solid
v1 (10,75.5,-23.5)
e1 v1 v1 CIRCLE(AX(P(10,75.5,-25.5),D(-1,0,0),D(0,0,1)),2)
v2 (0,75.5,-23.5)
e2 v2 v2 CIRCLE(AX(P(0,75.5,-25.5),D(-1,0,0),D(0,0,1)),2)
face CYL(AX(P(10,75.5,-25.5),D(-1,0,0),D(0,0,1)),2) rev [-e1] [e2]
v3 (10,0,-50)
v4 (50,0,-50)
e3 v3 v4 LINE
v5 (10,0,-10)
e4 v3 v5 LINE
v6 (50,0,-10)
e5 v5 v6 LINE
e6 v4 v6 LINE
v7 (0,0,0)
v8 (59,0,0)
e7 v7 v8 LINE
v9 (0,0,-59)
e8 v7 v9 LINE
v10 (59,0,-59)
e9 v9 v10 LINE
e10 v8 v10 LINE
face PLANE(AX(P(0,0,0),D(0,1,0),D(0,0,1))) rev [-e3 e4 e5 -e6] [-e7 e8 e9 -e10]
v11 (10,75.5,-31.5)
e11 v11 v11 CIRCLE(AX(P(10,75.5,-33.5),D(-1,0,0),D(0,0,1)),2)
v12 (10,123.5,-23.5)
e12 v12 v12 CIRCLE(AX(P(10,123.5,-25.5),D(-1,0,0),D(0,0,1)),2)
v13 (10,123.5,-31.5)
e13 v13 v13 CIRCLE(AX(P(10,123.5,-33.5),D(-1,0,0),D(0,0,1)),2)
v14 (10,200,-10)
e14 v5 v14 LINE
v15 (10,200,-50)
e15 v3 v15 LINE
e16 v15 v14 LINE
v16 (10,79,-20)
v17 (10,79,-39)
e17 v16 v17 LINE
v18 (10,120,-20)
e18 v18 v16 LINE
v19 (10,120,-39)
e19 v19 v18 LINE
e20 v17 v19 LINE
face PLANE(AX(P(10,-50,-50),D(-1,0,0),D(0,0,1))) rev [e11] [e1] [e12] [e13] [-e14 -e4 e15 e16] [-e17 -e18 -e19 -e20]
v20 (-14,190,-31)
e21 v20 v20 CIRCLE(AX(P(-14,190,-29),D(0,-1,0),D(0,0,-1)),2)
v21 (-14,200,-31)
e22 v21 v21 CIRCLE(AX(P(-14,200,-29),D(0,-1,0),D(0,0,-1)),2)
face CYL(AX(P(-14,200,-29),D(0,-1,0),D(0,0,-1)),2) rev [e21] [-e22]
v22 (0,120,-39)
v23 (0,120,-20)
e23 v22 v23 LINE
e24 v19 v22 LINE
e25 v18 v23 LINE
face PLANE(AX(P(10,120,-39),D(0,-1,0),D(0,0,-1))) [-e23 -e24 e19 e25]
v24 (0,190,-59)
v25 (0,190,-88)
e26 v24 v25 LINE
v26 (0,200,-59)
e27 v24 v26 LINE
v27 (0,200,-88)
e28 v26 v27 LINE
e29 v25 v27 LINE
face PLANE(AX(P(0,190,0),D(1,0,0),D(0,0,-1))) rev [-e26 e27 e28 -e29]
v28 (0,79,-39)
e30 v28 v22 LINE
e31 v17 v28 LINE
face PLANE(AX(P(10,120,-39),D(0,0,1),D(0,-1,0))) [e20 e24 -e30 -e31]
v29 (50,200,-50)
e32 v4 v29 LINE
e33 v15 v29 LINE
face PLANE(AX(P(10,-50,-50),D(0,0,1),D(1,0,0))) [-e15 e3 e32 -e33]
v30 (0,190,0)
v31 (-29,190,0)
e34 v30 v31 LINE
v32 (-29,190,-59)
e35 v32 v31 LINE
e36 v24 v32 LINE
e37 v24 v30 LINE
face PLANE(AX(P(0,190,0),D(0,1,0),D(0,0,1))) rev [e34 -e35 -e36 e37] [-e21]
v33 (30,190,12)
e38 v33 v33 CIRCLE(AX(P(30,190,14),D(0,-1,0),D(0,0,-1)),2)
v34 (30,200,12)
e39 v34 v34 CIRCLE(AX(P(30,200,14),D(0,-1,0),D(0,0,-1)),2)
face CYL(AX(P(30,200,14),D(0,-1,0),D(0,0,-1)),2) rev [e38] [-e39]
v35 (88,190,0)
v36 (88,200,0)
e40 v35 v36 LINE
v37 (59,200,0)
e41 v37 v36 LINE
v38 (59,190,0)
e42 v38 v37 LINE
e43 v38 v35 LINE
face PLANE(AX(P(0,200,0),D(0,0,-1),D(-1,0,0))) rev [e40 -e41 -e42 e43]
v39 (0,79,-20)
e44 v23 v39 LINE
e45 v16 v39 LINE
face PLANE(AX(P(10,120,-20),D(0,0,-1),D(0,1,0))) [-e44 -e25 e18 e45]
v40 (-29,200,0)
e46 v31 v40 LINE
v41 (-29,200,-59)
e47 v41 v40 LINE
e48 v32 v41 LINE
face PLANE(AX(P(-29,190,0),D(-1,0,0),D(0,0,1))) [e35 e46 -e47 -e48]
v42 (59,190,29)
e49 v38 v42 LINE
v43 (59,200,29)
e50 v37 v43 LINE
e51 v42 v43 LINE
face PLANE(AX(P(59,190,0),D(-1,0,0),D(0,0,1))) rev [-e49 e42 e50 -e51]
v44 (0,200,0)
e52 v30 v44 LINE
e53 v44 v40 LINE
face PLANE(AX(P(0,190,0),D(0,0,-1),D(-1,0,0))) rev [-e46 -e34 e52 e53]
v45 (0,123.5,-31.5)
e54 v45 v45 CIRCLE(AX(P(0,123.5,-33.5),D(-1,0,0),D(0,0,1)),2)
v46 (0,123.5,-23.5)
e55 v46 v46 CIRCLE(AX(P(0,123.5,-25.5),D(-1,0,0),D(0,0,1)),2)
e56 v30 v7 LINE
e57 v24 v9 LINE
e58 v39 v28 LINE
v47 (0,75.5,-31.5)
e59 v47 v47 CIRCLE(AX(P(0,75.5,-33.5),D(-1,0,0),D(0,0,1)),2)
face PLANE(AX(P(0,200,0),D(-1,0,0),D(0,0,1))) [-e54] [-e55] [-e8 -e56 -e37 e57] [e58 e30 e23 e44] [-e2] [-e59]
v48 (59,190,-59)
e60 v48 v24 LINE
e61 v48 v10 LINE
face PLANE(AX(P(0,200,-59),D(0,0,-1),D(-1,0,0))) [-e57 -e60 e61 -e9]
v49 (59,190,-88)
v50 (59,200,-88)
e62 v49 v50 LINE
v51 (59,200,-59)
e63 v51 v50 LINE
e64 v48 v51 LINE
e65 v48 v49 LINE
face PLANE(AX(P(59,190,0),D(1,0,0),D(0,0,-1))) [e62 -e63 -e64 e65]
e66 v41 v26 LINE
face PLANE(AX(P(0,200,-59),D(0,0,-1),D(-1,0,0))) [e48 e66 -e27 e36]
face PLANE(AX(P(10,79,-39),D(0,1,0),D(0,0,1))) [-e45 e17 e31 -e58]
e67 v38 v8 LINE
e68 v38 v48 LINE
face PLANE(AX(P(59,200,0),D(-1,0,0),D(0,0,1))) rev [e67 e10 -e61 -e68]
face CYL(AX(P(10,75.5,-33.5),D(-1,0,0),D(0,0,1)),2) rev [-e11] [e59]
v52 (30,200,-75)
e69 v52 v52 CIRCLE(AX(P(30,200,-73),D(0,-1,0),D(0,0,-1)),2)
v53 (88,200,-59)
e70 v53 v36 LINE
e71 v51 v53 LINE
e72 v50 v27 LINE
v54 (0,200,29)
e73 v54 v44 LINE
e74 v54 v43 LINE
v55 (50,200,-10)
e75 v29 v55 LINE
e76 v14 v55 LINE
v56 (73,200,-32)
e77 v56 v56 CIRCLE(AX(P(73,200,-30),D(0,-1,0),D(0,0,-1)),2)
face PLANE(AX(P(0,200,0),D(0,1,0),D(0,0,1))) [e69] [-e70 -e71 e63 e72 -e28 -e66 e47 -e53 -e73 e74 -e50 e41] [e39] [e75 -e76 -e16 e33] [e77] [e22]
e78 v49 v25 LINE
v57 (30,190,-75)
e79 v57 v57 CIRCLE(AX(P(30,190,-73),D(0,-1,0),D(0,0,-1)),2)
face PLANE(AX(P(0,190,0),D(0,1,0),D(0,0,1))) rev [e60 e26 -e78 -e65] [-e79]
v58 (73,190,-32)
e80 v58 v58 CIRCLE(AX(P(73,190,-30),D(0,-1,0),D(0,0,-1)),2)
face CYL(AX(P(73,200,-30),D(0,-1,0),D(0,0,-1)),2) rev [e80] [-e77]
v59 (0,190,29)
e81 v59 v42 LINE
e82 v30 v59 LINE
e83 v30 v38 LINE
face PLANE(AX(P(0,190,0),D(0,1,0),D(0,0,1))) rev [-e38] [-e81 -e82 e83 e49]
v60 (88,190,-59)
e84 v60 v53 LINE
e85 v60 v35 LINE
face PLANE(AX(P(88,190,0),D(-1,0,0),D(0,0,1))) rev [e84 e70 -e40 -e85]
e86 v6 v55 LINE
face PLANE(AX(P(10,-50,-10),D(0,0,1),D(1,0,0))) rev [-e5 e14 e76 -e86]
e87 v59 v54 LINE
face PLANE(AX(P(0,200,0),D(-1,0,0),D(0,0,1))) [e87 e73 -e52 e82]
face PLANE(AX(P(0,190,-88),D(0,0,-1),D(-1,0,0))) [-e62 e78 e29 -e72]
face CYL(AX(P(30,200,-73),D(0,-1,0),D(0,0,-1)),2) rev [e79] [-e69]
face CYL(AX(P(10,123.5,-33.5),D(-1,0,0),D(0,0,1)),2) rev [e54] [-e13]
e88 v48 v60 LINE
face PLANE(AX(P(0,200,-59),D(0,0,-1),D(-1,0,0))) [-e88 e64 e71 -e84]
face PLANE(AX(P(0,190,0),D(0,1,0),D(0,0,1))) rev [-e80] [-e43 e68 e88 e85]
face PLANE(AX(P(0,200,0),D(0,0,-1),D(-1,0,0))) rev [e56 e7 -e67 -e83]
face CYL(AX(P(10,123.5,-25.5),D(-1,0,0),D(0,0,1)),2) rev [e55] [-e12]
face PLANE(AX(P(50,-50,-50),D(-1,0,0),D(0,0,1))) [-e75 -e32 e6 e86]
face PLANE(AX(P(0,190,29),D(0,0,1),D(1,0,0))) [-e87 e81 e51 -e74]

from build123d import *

# Parameters (mm, degrees)
ESQUISSE1_W             = 59
ESQUISSE1_H             = 59
BOSS_EXTRU_1_DEPTH      = 200
ESQUISSE2_W             = 40
ESQUISSE2_H             = 40
ENL_V_MAT_EXTRU_1_DEPTH = 250
ESQUISSE3_W             = 19
ESQUISSE3_H             = 41
ENL_V_MAT_EXTRU_7_DEPTH = 10
ESQUISSE6_R             = 2
ENL_V_MAT_EXTRU_8_DEPTH = 10
ESQUISSE14_W            = 29
ESQUISSE14_H            = 59
ESQUISSE14_W_2          = 59
ESQUISSE14_H_2          = 29
BOSS_EXTRU_3_DEPTH      = 10
ESQUISSE17_R            = 2
ENL_V_MAT_EXTRU_9_DEPTH = 10


with BuildPart() as part:
    # Esquisse1 → Boss.-Extru.1 (new body)
    with BuildSketch(Plane(origin=(0, 0, 0), x_dir=(1, 0, 0), z_dir=(0, 1, 0))):
        with Locations((29.5, 29.5)):
            Rectangle(ESQUISSE1_W, ESQUISSE1_H)
    extrude(amount=BOSS_EXTRU_1_DEPTH)

    # Esquisse2 → Enlèv. mat.-Extru.1 (cut)
    with BuildSketch(Plane(origin=(0, 200, 0), x_dir=(1, 0, 0), z_dir=(0, 1, 0))):
        with Locations((30, 30)):
            Rectangle(ESQUISSE2_W, ESQUISSE2_H)
    extrude(amount=-ENL_V_MAT_EXTRU_1_DEPTH, mode=Mode.SUBTRACT)

    # Esquisse3 → Enlèv. mat.-Extru.7 (cut)
    with BuildSketch(Plane(origin=(0, 0, 0), x_dir=(0, 0, -1), z_dir=(1, 0, 0))):
        with Locations((29.5, 99.5)):
            Rectangle(ESQUISSE3_W, ESQUISSE3_H)
    extrude(amount=ENL_V_MAT_EXTRU_7_DEPTH, mode=Mode.SUBTRACT)

    # Esquisse6 → Enlèv. mat.-Extru.8 (cut)
    with BuildSketch(Plane.ZY):
        with Locations((-33.5, 123.5)):
            Circle(ESQUISSE6_R)
        with Locations((-25.5, 123.5)):
            Circle(ESQUISSE6_R)
        with Locations((-33.5, 75.5)):
            Circle(ESQUISSE6_R)
        with Locations((-25.5, 75.5)):
            Circle(ESQUISSE6_R)
    extrude(amount=-ENL_V_MAT_EXTRU_8_DEPTH, mode=Mode.SUBTRACT)

    # Esquisse14 → Boss.-Extru.3 (add)
    with BuildSketch(Plane(origin=(0, 200, 0), x_dir=(1, 0, 0), z_dir=(0, 1, 0))):
        with Locations((73.5, 29.5)):
            Rectangle(ESQUISSE14_W, ESQUISSE14_H)
        with Locations((29.5, -14.5)):
            Rectangle(ESQUISSE14_W_2, ESQUISSE14_H_2)
        with Locations((-14.5, 29.5)):
            Rectangle(ESQUISSE14_W, ESQUISSE14_H)
        with Locations((29.5, 73.5)):
            Rectangle(ESQUISSE14_W_2, ESQUISSE14_H_2)
    extrude(amount=-BOSS_EXTRU_3_DEPTH)

    # Esquisse17 → Enlèv. mat.-Extru.9 (cut)
    with BuildSketch(Plane(origin=(0, 190, 0), x_dir=(-1, 0, 0), z_dir=(0, -1, 0))):
        with Locations(Location((-73, 30, 0), (0, 0, 90))):
            Circle(ESQUISSE17_R)
        with Locations(Location((-30, -14, 0), (0, 0, 90))):
            Circle(ESQUISSE17_R)
        with Locations(Location((14, 29, 0), (0, 0, 90))):
            Circle(ESQUISSE17_R)
        with Locations(Location((-30, 73, 0), (0, 0, 90))):
            Circle(ESQUISSE17_R)
    extrude(amount=-ENL_V_MAT_EXTRU_9_DEPTH, mode=Mode.SUBTRACT)


solid = part.part
